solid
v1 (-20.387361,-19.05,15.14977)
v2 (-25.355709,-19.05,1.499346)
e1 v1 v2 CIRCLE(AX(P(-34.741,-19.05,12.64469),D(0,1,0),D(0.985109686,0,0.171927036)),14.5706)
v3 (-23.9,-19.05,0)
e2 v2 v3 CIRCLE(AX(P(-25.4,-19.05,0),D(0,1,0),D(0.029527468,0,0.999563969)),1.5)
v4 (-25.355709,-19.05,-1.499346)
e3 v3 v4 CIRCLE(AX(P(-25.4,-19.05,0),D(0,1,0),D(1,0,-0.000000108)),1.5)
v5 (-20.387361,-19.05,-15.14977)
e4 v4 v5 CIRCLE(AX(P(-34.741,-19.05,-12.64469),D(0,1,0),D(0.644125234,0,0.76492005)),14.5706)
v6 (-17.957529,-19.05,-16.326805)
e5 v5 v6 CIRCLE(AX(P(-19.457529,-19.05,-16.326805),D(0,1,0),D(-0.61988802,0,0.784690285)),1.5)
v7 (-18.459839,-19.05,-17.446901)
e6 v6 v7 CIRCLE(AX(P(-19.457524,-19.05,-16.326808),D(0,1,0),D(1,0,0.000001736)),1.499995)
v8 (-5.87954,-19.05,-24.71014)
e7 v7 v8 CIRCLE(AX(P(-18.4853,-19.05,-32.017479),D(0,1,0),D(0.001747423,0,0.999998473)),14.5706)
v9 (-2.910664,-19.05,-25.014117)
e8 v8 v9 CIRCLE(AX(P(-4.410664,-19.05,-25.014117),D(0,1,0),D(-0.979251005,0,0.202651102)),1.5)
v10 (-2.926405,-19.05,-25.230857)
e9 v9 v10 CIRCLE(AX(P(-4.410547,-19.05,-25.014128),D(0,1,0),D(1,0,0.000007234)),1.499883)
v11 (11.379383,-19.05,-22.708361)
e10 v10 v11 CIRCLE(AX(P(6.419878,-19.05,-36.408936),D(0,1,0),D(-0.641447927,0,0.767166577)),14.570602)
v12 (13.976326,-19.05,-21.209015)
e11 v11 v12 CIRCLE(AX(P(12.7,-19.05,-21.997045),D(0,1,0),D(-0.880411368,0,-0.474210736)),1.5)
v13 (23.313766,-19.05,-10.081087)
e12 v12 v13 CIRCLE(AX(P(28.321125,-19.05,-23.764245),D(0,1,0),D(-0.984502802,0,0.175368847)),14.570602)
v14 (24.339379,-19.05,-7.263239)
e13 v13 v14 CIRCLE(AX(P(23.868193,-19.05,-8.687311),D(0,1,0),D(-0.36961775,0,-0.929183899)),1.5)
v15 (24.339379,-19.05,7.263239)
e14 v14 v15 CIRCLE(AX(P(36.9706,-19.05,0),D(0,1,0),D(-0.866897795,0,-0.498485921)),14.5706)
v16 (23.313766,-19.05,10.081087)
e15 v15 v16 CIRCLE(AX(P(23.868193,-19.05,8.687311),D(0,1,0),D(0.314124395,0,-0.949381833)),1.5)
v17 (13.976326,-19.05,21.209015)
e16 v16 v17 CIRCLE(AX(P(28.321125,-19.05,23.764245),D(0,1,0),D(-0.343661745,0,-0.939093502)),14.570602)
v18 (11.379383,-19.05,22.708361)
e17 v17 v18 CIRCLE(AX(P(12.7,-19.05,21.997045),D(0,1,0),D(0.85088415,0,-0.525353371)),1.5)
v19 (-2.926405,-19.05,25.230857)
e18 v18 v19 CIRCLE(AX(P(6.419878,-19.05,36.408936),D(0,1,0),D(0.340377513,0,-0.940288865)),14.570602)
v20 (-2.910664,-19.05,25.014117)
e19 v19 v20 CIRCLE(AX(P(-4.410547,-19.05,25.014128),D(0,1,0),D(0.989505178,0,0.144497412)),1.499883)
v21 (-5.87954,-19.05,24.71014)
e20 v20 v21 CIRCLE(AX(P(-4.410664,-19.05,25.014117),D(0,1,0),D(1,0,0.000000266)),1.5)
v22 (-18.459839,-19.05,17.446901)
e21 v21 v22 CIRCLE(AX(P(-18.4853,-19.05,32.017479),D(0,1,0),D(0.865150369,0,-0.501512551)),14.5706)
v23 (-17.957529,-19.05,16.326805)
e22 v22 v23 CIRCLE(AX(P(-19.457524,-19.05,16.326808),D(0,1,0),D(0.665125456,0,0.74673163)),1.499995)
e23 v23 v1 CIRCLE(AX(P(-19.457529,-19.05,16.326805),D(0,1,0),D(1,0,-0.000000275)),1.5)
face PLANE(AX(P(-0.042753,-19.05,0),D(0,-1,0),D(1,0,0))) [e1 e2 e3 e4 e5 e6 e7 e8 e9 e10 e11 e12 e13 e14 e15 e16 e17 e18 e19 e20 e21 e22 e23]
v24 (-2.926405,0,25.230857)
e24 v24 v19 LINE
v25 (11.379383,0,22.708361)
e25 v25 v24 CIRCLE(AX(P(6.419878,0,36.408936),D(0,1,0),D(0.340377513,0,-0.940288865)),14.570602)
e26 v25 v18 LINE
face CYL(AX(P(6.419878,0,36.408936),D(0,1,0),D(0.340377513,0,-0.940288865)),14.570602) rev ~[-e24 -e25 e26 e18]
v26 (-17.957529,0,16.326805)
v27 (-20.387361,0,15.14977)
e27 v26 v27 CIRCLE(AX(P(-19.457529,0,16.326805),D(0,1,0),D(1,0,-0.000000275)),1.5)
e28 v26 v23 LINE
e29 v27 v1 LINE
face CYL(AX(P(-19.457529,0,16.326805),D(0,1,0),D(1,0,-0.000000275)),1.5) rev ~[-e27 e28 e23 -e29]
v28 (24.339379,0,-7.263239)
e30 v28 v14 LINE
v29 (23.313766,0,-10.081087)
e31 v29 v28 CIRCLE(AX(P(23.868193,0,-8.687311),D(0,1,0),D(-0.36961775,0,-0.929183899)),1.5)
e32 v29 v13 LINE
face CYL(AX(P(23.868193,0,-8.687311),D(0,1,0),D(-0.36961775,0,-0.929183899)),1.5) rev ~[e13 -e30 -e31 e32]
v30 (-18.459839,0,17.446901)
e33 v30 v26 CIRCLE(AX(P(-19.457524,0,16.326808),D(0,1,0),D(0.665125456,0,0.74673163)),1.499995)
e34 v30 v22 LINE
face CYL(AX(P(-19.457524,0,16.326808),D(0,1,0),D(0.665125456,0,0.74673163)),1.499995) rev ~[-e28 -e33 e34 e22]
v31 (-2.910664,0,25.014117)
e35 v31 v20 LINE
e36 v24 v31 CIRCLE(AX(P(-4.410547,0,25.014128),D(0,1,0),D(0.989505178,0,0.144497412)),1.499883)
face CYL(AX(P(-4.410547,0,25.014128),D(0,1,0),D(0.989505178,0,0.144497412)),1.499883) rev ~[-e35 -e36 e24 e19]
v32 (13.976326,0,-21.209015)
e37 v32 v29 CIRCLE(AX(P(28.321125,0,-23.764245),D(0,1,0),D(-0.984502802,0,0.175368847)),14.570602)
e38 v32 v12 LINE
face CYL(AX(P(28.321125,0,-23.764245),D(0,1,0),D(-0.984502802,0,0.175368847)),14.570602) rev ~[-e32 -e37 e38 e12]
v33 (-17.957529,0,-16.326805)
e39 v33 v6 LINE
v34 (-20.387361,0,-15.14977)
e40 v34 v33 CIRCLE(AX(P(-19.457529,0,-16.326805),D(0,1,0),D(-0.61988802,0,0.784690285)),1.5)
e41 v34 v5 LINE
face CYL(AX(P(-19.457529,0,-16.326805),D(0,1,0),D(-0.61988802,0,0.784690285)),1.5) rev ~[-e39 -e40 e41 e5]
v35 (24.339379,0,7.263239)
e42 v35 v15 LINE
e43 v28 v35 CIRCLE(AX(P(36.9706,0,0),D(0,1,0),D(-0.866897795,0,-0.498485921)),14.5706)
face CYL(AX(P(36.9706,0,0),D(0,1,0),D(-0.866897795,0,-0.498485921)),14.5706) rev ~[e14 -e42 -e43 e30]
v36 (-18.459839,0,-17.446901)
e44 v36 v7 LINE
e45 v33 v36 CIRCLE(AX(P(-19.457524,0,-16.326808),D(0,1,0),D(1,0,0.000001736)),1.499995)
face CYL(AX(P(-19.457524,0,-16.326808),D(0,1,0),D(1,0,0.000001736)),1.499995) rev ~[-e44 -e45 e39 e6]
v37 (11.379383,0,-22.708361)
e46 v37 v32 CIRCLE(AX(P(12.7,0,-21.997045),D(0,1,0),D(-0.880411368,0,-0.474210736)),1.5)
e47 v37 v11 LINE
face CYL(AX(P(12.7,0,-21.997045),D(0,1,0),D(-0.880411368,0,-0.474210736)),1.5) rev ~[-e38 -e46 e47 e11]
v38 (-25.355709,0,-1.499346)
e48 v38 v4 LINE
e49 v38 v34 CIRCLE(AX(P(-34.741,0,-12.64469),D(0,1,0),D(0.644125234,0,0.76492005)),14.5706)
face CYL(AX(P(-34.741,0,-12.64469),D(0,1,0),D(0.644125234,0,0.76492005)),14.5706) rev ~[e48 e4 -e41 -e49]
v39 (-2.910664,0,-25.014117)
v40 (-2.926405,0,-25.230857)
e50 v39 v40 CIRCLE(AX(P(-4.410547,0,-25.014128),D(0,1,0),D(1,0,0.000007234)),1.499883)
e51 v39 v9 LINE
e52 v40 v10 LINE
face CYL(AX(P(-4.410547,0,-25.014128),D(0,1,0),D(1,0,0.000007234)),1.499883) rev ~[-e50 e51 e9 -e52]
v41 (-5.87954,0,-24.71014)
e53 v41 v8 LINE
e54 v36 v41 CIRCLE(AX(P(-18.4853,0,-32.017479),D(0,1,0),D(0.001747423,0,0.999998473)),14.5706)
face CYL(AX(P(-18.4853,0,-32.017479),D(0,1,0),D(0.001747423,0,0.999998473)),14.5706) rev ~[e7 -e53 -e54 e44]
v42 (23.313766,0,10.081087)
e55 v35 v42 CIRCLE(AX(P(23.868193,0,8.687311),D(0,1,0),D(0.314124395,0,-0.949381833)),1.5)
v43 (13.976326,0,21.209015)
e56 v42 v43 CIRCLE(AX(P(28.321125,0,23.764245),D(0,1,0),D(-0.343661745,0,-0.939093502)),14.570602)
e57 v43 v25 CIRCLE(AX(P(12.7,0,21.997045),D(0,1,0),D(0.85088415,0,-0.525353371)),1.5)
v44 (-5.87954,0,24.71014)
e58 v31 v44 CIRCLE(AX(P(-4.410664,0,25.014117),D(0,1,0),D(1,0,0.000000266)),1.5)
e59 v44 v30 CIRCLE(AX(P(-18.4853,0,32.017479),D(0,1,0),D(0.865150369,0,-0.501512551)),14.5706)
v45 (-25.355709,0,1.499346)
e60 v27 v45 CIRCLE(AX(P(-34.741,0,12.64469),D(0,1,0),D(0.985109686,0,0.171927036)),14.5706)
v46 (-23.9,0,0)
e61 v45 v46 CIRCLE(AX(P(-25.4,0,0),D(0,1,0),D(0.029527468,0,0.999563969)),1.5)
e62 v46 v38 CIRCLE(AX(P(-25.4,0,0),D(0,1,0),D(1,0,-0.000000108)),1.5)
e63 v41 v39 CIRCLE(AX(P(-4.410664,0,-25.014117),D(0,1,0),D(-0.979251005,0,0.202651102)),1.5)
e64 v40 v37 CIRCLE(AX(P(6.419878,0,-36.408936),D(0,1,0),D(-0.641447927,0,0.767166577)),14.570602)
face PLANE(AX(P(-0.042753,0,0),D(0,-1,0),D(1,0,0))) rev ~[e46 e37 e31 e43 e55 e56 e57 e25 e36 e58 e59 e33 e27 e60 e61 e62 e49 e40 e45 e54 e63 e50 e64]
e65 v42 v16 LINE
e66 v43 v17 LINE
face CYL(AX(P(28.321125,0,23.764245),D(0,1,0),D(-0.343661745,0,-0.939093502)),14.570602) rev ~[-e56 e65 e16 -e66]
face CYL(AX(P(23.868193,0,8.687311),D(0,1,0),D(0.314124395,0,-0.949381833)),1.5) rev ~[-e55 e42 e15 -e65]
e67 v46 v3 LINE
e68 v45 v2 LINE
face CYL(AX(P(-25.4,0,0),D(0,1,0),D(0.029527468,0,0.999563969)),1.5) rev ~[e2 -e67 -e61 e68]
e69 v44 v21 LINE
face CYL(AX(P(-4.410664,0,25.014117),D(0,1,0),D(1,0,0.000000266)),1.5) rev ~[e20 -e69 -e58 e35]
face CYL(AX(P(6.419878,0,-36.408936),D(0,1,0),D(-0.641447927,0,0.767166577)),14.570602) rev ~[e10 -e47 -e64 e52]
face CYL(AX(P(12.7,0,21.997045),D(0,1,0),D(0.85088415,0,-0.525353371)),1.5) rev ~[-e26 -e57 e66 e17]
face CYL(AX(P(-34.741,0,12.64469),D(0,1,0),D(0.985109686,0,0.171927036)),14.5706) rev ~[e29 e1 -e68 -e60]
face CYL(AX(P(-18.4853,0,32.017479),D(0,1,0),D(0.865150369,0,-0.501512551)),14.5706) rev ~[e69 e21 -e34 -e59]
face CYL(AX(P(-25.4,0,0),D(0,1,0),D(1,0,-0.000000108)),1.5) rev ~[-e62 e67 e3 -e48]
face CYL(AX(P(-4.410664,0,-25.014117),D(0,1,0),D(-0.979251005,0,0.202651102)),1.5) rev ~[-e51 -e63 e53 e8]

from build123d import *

# Parameters (mm, degrees)
F1_DEPTH = 19.05


with BuildPart() as f1:
    # F0 (on Front) → F1 (new body)
    with BuildSketch(Plane.XZ):
        with BuildLine():
            ThreePointArc((24.339379, -7.263239), (22.4, 0), (24.339379, 7.263239))
            ThreePointArc((24.339379, 7.263239), (22.458654, 8.174281), (23.313766, 10.081087))
            ThreePointArc((23.313766, 10.081087), (17.159396, 14.398442), (13.976326, 21.209015))
            ThreePointArc((13.976326, 21.209015), (11.95, 20.698007), (11.379383, 22.708361))
            ThreePointArc((11.379383, 22.708361), (3.889719, 22.059694), (-2.926405, 25.230857))
            ThreePointArc((-2.926405, 25.230857), (-2.914604, 25.122772), (-2.910664, 25.014117))
            ThreePointArc((-2.910664, 25.014117), (-4.257881, 23.521918), (-5.87954, 24.71014))
            ThreePointArc((-5.87954, 24.71014), (-11.2, 19.398969), (-18.459839, 17.446901))
            ThreePointArc((-18.459839, 17.446901), (-18.088855, 16.940591), (-17.957529, 16.326805))
            ThreePointArc((-17.957529, 16.326805), (-18.803598, 14.976852), (-20.387361, 15.14977))
            ThreePointArc((-20.387361, 15.14977), (-21.049115, 7.661251), (-25.355709, 1.499346))
            ThreePointArc((-25.355709, 1.499346), (-24.323794, 1.044883), (-23.9, 0))
            ThreePointArc((-23.9, 0), (-24.323794, -1.044883), (-25.355709, -1.499346))
            ThreePointArc((-25.355709, -1.499346), (-21.049115, -7.661251), (-20.387361, -15.14977))
            ThreePointArc((-20.387361, -15.14977), (-18.803598, -14.976852), (-17.957529, -16.326805))
            ThreePointArc((-17.957529, -16.326805), (-18.088855, -16.940591), (-18.459839, -17.446901))
            ThreePointArc((-18.459839, -17.446901), (-11.2, -19.398969), (-5.87954, -24.71014))
            ThreePointArc((-5.87954, -24.71014), (-4.257881, -23.521918), (-2.910664, -25.014117))
            ThreePointArc((-2.910664, -25.014117), (-2.914604, -25.122772), (-2.926405, -25.230857))
            ThreePointArc((-2.926405, -25.230857), (3.889719, -22.059694), (11.379383, -22.708361))
            ThreePointArc((11.379383, -22.708361), (11.95, -20.698007), (13.976326, -21.209015))
            ThreePointArc((13.976326, -21.209015), (17.159396, -14.398442), (23.313766, -10.081087))
            ThreePointArc((23.313766, -10.081087), (22.458654, -8.174281), (24.339379, -7.263239))
        make_face()
    extrude(amount=F1_DEPTH)


solid = f1.part
